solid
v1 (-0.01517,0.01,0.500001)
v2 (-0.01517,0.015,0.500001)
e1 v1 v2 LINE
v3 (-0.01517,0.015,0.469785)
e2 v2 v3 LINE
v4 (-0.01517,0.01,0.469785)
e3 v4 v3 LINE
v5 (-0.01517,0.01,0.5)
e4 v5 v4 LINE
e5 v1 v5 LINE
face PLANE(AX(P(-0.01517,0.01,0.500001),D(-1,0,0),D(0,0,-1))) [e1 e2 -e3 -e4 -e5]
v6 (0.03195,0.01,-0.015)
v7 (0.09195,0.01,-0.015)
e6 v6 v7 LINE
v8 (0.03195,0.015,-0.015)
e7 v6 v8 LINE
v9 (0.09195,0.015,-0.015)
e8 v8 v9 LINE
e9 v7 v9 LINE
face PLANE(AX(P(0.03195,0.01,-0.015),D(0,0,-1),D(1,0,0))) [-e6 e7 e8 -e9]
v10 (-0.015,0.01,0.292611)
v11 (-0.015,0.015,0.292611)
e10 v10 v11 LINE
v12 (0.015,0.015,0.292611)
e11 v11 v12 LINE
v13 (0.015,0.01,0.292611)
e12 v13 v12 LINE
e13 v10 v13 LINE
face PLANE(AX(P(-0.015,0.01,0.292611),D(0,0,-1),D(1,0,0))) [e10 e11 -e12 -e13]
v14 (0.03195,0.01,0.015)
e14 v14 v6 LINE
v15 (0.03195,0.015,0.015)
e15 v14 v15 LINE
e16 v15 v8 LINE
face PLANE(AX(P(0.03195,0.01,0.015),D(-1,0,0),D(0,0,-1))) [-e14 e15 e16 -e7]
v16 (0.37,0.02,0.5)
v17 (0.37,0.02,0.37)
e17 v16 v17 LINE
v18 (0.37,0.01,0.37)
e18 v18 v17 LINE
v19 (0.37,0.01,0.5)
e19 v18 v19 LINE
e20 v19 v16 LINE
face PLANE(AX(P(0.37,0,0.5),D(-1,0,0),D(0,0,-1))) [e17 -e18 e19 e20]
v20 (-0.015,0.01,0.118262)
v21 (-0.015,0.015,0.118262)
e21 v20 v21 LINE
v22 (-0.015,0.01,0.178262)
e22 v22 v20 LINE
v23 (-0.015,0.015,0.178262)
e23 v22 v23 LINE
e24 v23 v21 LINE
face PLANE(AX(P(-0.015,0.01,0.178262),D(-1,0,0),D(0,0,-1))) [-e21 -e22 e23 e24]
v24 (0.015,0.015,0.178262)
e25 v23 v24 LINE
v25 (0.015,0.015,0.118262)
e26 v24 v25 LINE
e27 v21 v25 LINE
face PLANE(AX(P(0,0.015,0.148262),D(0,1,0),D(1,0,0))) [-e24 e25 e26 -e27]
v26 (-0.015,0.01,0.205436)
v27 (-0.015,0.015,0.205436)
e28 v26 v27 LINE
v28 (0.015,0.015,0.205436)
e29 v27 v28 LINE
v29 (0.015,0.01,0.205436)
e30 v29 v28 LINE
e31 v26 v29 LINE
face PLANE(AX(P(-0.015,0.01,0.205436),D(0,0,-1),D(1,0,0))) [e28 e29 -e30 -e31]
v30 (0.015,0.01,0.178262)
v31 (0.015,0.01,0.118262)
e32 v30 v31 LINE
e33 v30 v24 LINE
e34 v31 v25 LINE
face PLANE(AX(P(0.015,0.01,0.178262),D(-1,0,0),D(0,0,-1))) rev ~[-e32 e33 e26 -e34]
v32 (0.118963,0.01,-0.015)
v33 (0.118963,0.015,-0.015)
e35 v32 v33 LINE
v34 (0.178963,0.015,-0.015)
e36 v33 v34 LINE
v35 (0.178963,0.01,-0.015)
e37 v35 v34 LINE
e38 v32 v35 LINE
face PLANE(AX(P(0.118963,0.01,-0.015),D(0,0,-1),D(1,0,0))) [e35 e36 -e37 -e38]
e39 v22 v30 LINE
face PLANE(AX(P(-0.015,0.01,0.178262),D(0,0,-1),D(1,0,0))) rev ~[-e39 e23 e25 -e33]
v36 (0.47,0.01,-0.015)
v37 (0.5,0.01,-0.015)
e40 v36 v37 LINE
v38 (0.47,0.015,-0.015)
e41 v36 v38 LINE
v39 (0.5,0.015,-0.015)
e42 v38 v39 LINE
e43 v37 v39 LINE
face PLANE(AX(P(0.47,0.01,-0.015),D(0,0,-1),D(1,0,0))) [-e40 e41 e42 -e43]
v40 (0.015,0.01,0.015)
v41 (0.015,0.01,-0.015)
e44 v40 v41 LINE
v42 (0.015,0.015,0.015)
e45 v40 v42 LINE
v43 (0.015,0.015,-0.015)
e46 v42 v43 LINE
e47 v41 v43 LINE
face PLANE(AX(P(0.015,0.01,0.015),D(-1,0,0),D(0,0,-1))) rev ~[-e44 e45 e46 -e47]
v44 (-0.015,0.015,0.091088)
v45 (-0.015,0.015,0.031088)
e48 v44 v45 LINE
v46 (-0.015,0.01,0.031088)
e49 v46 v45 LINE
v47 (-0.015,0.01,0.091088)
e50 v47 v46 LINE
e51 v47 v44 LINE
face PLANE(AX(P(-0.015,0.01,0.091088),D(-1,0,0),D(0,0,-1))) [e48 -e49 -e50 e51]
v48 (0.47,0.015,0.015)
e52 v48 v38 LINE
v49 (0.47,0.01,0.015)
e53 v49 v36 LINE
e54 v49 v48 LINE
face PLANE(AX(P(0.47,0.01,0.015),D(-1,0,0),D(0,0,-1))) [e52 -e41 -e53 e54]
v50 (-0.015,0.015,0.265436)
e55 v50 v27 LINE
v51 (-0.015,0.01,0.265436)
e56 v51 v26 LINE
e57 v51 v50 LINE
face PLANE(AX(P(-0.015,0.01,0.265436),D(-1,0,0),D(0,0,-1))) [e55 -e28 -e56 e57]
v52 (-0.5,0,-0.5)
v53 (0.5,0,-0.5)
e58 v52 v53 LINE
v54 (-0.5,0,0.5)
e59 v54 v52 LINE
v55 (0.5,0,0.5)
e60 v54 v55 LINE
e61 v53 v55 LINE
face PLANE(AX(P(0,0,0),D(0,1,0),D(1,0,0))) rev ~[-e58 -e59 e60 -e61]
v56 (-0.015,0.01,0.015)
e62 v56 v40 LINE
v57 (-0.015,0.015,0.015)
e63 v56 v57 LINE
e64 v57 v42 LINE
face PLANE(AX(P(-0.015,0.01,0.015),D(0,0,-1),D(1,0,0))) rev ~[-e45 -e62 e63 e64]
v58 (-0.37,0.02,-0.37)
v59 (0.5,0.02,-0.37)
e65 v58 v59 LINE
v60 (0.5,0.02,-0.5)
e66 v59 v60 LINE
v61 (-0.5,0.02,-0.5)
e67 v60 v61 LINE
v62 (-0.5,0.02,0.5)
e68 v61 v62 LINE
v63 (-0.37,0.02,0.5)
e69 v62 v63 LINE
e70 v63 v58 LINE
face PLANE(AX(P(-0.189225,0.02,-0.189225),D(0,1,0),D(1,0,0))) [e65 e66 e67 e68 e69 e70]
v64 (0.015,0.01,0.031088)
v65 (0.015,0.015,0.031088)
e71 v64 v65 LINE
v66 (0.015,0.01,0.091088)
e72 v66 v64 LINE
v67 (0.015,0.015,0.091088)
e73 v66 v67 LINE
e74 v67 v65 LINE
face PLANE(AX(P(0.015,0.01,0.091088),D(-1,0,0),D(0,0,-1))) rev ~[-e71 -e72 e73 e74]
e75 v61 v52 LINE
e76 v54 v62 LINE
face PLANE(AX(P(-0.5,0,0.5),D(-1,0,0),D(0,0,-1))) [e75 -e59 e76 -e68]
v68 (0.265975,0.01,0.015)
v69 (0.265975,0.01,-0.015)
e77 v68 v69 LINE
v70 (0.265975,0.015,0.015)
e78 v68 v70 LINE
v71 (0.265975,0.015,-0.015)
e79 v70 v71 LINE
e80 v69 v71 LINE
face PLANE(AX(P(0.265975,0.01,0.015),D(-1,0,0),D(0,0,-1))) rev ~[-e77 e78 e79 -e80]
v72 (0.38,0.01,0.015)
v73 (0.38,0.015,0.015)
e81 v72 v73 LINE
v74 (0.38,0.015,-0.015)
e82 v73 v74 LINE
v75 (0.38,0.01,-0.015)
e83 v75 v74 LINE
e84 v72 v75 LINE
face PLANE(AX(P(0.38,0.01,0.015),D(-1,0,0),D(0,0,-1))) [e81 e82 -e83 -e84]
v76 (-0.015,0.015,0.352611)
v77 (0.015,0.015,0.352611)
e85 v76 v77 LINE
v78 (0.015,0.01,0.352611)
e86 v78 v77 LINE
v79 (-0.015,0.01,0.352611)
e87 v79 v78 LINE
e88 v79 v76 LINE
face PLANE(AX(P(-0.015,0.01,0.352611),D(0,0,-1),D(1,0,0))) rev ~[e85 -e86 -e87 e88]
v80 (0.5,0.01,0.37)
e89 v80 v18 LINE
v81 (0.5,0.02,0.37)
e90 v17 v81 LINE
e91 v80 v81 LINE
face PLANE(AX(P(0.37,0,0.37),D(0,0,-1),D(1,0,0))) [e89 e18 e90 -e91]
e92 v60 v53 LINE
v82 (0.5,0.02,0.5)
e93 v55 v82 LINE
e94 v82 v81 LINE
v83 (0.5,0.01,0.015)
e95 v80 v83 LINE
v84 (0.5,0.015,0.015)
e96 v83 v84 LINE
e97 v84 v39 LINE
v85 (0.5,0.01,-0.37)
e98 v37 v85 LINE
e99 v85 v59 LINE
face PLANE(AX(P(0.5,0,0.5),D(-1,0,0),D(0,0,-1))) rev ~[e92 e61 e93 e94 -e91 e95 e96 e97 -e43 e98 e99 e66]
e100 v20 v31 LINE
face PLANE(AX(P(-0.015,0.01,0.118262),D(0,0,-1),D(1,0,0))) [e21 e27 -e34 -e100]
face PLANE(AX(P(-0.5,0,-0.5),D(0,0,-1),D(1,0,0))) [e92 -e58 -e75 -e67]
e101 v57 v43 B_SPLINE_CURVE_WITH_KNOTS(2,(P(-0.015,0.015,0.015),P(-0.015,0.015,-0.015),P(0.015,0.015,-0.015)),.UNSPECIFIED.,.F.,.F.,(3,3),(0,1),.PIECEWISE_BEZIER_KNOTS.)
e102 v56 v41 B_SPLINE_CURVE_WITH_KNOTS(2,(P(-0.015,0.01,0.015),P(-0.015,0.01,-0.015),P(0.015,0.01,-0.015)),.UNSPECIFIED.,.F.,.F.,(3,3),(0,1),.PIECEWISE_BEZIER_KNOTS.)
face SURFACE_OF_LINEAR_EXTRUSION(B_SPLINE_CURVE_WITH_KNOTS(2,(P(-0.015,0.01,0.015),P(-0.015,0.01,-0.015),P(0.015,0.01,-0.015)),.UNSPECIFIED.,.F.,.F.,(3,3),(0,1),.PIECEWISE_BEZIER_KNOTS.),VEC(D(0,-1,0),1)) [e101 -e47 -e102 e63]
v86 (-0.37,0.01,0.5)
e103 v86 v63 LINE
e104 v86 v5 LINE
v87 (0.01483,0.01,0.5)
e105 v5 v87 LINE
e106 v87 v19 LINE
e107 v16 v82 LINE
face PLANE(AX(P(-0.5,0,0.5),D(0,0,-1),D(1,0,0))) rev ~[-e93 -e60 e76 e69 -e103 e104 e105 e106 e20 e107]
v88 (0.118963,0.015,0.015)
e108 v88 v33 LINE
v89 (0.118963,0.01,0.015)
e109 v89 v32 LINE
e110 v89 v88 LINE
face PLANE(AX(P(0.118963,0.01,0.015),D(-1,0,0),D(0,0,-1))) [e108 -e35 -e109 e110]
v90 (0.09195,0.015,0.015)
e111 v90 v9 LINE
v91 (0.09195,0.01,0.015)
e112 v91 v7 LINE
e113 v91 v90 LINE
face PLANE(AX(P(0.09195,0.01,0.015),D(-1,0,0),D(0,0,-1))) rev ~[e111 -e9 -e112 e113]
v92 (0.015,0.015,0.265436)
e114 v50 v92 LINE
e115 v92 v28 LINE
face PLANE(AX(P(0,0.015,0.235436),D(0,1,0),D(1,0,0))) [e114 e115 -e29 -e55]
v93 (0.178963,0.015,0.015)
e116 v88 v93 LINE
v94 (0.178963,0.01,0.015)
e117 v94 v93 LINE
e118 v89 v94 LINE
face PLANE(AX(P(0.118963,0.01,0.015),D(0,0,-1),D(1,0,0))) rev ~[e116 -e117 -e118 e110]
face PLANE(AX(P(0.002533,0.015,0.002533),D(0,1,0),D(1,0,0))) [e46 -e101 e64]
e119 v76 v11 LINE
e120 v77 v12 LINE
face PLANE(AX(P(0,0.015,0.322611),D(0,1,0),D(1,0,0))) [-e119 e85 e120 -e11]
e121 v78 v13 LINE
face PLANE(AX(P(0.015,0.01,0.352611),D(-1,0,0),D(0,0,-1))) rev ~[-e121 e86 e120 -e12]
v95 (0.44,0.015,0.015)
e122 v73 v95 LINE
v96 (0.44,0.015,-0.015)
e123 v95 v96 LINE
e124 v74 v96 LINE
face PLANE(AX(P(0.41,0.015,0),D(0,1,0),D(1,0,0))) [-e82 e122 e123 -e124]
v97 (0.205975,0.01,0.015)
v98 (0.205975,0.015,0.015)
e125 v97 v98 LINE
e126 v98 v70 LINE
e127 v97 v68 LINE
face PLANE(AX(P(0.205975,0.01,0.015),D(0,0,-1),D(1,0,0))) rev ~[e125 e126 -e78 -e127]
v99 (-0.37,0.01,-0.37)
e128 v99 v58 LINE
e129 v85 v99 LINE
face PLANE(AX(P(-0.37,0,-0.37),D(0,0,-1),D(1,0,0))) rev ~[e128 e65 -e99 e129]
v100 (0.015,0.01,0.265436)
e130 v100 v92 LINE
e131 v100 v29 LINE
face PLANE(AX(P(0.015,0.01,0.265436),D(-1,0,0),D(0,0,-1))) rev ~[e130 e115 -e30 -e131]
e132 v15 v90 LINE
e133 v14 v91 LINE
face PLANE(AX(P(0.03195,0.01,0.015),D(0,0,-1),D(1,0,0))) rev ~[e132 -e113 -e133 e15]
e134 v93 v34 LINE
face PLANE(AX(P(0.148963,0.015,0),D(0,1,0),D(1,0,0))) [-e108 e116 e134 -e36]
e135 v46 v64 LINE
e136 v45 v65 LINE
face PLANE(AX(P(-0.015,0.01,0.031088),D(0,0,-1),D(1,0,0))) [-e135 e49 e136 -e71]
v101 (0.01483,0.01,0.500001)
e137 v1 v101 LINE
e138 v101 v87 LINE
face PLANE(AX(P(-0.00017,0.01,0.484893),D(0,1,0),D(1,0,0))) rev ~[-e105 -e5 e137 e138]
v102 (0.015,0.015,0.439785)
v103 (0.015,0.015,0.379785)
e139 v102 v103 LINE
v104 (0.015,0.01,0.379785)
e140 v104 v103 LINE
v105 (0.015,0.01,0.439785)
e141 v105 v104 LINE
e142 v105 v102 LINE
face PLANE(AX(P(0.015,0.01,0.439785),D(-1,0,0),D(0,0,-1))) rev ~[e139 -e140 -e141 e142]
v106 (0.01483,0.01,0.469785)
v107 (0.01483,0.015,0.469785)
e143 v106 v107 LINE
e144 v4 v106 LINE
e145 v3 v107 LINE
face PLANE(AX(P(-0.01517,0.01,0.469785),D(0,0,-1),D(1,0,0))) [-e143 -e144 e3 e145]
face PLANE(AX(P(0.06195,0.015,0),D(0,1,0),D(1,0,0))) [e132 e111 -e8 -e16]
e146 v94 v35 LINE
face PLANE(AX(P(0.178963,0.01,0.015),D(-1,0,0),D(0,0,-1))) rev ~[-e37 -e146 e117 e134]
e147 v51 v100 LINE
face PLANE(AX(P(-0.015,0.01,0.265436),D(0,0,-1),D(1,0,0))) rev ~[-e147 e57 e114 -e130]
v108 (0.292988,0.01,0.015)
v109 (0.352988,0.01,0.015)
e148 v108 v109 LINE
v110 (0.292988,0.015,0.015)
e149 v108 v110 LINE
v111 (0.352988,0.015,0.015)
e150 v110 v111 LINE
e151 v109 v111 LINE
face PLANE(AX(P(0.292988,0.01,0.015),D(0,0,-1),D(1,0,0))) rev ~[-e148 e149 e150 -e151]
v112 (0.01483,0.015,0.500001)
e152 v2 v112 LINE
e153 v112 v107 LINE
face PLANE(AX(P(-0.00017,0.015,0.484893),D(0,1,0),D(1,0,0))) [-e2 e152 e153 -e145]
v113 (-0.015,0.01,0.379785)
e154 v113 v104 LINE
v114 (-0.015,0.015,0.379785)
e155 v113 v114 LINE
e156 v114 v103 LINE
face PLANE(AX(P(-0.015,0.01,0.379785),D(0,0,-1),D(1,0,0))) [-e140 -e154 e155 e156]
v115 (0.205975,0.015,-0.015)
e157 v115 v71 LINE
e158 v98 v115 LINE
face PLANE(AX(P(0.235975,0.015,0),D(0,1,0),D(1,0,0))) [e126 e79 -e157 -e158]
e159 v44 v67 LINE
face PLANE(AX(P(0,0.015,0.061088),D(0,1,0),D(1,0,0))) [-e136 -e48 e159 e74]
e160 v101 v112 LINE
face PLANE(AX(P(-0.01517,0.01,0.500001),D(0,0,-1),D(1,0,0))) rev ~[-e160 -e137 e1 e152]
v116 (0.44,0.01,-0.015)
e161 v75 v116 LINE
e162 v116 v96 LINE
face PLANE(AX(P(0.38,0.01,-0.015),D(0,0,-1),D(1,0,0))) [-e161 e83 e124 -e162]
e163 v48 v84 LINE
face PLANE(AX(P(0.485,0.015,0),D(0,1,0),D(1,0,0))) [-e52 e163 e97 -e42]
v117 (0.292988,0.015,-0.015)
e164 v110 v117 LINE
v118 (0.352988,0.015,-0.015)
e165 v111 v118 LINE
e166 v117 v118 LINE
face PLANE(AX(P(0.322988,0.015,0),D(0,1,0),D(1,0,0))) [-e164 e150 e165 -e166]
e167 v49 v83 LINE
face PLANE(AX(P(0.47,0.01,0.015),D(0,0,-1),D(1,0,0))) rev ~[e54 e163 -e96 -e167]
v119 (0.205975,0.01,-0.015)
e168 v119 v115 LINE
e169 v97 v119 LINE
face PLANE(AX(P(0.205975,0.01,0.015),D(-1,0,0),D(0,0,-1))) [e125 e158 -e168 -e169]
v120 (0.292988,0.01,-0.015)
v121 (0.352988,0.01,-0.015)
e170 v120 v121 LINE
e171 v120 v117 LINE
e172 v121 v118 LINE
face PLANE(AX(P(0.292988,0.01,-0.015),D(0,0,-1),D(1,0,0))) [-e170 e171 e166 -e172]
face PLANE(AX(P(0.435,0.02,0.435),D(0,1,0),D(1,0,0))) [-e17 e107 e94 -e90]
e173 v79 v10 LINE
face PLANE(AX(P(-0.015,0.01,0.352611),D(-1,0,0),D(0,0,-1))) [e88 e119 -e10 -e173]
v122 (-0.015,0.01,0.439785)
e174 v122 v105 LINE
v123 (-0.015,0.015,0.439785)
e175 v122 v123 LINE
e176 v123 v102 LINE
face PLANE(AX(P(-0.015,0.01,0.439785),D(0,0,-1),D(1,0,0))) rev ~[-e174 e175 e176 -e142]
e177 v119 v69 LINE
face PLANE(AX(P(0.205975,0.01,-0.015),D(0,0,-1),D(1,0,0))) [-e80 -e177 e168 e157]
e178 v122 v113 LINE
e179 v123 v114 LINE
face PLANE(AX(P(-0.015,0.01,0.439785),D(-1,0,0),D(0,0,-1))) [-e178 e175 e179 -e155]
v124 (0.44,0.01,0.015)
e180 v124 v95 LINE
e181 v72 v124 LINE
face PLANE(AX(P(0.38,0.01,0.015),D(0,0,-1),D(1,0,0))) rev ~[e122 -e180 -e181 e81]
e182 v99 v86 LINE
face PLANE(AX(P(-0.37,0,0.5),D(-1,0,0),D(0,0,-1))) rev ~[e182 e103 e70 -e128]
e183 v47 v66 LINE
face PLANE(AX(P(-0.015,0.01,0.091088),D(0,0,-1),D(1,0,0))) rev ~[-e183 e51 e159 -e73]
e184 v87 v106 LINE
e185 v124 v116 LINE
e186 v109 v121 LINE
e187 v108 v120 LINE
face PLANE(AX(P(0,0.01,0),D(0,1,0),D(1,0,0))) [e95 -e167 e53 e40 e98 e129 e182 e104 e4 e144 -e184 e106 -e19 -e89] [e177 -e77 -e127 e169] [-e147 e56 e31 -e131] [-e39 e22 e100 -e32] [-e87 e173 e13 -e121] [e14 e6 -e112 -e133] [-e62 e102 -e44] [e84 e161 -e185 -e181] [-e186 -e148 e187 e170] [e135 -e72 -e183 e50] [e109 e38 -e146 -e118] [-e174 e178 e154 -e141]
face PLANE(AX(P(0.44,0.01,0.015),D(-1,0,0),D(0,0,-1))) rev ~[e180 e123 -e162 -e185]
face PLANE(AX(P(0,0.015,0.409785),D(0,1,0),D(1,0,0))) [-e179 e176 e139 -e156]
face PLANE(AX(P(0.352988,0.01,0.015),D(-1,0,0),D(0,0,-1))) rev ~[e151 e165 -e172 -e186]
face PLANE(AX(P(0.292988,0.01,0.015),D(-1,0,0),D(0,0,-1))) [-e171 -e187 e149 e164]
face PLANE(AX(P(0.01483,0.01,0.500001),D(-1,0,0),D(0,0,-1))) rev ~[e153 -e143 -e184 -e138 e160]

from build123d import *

# Parameters (mm, degrees)
ESBO_O1_W                = 1
ESBO_O1_H                = 1
RESSALTO_EXTRUS_O1_DEPTH = 0.01
ESBO_O2_W                = 0.13
ESBO_O2_H                = 0.13
RESSALTO_EXTRUS_O2_DEPTH = 0.02
ESBO_O3_W                = 0.03
ESBO_O3_H                = 0.030215991
ESBO_O3_H_2              = 0.06
ESBO_O3_H_3              = 0.03
ESBO_O3_W_2              = 0.06
RESSALTO_EXTRUS_O4_DEPTH = 0.005


with BuildPart() as part:
    # Esboço1 → Ressalto-extrusão1 (new body)
    with BuildSketch(Plane(origin=(0, 0, 0), x_dir=(1, 0, 0), z_dir=(0, 1, 0))):
        Rectangle(ESBO_O1_W, ESBO_O1_H)
    extrude(amount=RESSALTO_EXTRUS_O1_DEPTH)

    # Esboço2 → Ressalto-extrusão2 (add)
    with BuildSketch(Plane(origin=(0, 0, 0), x_dir=(1, 0, 0), z_dir=(0, 1, 0))):
        Polygon((0.5, 0.5), (-0.5, 0.5), (-0.5, -0.5), (-0.37, -0.5), (-0.37, 0.37), (0.5, 0.37), align=None)
        with Locations((0.435, -0.435)):
            Rectangle(ESBO_O2_W, ESBO_O2_H)
    extrude(amount=RESSALTO_EXTRUS_O2_DEPTH)

    # Esboço3 → Ressalto-extrusão4 (add)
    with BuildSketch(Plane(origin=(0, 0.01, 0), x_dir=(1, 0, 0), z_dir=(0, 1, 0))):
        with Locations((-0.000170216, -0.484892793)):
            Rectangle(ESBO_O3_W, ESBO_O3_H)
        with Locations((0, -0.409784797)):
            Rectangle(ESBO_O3_W, ESBO_O3_H_2)
        with BuildLine():
            Line((-0.015, -0.015), (0.015, -0.015))
            Line((0.015, -0.015), (0.015, 0.015))
            add(Edge.make_bspline(
                [(-0.015, -0.015), (-0.015, 0.015), (0.015, 0.015)],
                knots=[0, 0, 0, 1, 1, 1], degree=2))
        make_face()
        with Locations((0.485, 0)):
            Rectangle(ESBO_O3_W, ESBO_O3_H_3)
        with Locations((0.32298751, 0)):
            Rectangle(ESBO_O3_W_2, ESBO_O3_H_3)
        with Locations((0.41, 0)):
            Rectangle(ESBO_O3_W_2, ESBO_O3_H_3)
        with Locations((0.235975021, 0)):
            Rectangle(ESBO_O3_W_2, ESBO_O3_H_3)
        with Locations((0.148962531, 0)):
            Rectangle(ESBO_O3_W_2, ESBO_O3_H_3)
        with Locations((0.061950042, 0)):
            Rectangle(ESBO_O3_W_2, ESBO_O3_H_3)
        with Locations((0, -0.322610574)):
            Rectangle(ESBO_O3_W, ESBO_O3_H_2)
        with Locations((0, -0.235436351)):
            Rectangle(ESBO_O3_W, ESBO_O3_H_2)
        with Locations((0, -0.148262129)):
            Rectangle(ESBO_O3_W, ESBO_O3_H_2)
        with Locations((0, -0.061087906)):
            Rectangle(ESBO_O3_W, ESBO_O3_H_2)
    extrude(amount=RESSALTO_EXTRUS_O4_DEPTH)


solid = part.part
